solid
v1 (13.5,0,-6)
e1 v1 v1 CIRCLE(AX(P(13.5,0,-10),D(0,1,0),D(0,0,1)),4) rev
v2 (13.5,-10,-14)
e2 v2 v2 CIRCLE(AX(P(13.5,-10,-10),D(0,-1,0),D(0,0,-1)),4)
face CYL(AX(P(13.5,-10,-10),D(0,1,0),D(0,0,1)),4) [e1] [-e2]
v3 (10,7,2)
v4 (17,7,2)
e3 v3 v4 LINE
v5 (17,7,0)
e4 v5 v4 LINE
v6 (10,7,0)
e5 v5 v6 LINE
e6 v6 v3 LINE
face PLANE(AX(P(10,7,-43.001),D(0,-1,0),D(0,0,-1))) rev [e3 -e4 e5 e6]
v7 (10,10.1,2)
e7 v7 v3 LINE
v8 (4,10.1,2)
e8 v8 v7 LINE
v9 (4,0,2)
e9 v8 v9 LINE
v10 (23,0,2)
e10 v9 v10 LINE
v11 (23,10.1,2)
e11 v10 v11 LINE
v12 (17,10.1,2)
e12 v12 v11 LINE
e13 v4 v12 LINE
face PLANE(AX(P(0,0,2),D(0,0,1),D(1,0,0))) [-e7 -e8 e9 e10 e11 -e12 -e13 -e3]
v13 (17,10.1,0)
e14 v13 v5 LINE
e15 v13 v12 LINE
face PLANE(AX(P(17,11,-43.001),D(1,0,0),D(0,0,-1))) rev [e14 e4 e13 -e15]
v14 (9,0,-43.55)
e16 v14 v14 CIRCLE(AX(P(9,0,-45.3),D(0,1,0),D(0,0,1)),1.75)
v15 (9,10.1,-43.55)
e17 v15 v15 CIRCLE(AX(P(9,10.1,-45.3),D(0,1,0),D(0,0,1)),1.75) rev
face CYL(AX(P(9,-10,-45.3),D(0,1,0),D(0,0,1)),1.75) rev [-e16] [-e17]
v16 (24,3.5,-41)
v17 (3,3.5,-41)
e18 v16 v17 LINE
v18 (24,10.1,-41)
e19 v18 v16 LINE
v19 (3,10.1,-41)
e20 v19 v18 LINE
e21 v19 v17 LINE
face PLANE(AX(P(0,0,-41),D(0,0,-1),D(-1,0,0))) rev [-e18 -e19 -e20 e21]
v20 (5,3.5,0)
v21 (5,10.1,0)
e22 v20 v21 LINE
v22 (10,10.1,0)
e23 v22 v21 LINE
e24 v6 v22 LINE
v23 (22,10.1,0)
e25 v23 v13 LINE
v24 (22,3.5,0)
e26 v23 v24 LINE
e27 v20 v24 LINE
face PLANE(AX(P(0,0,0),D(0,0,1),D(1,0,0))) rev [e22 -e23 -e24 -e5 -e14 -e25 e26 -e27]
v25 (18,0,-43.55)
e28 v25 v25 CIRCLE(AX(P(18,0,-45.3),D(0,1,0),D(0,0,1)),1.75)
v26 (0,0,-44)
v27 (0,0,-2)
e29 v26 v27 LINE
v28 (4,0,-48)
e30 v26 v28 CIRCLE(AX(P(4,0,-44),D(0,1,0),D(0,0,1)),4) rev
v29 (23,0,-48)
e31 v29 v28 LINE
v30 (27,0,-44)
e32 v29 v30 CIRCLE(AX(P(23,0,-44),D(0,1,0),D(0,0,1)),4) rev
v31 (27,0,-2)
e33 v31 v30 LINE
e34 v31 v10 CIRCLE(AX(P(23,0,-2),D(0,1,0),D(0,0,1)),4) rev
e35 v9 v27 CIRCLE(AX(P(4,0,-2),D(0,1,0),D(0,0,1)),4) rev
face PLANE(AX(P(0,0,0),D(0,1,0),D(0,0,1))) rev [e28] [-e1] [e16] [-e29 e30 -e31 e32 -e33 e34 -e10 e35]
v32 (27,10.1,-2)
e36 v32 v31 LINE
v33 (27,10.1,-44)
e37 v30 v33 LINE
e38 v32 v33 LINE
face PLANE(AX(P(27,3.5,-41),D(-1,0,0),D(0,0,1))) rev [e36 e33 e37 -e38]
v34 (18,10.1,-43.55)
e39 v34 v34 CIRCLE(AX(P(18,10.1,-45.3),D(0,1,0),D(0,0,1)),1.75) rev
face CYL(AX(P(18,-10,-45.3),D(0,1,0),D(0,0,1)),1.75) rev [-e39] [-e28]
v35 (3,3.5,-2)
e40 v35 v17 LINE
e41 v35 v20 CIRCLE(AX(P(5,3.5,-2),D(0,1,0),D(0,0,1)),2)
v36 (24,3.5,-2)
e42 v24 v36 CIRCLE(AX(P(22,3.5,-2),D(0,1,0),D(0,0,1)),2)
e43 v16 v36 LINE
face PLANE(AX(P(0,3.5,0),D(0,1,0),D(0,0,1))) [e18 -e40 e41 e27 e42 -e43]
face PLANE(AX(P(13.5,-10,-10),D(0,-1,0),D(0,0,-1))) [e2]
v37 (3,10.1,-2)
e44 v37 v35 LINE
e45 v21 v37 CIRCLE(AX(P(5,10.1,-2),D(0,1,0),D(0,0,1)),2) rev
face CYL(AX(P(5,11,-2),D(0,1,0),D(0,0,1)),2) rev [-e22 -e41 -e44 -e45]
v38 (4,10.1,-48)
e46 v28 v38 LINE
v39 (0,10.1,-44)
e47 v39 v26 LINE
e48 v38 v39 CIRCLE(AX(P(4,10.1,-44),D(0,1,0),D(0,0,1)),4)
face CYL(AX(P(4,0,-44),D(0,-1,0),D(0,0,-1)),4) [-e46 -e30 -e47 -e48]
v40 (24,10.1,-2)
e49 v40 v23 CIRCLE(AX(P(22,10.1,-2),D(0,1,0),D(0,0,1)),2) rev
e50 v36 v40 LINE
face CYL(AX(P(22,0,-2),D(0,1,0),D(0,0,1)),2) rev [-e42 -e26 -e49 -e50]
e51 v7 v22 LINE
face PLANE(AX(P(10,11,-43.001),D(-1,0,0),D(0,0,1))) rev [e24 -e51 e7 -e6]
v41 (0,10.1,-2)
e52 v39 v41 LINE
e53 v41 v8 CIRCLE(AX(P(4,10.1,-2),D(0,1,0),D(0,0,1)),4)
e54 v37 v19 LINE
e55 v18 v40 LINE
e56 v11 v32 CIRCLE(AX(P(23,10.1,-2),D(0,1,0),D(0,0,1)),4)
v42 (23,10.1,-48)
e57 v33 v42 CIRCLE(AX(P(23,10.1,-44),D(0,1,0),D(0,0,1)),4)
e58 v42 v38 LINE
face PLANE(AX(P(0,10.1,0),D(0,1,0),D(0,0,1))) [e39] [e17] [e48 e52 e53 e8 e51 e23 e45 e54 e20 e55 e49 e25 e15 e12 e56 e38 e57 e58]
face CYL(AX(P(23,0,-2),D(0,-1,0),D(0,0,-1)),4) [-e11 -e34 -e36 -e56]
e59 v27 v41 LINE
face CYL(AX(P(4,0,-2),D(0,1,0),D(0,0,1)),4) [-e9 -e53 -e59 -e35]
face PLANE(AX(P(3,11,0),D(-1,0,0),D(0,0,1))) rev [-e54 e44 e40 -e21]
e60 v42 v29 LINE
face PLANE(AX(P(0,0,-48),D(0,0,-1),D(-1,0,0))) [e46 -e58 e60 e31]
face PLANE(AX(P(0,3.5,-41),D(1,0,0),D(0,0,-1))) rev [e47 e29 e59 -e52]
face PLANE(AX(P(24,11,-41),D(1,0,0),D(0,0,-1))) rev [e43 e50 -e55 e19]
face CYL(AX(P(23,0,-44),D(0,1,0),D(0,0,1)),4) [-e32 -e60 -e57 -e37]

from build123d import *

# Parameters (mm, degrees)
SKETCH1_W           = 27
SKETCH1_H           = 41
BOSS_EXTRUDE1_DEPTH = 3.5
SKETCH2_W           = 3
SKETCH2_H           = 41
BOSS_EXTRUDE2_DEPTH = 7.5
SKETCH3_R           = 4
BOSS_EXTRUDE3_DEPTH = 10
SKETCH4_W           = 27
SKETCH4_H           = 11
BOSS_EXTRUDE4_DEPTH = 2
SKETCH5_W           = 27
SKETCH5_H           = 11
BOSS_EXTRUDE5_DEPTH = 2
CUT_EXTRUDE1_REACH  = 55.619
SKETCH6_W           = 7
SKETCH6_H           = 4
SKETCH7_W           = 27
SKETCH7_H           = 11
BOSS_EXTRUDE6_DEPTH = 5
SKETCH8_R           = 1.75
CUT_EXTRUDE2_DEPTH  = 59.940648113
SKETCH9_W           = 27
SKETCH9_H           = 50
CUT_EXTRUDE3_DEPTH  = 0.9
FILLET1_R           = 4
FILLET2_R           = 2


with BuildPart() as part:
    # Sketch1 → Boss-Extrude1 (new body)
    with BuildSketch(Plane(origin=(0, 0, 0), x_dir=(1, 0, 0), z_dir=(0, 1, 0))):
        with Locations((13.5, 20.5)):
            Rectangle(SKETCH1_W, SKETCH1_H)
    extrude(amount=BOSS_EXTRUDE1_DEPTH)

    # Sketch2 → Boss-Extrude2 (add)
    with BuildSketch(Plane(origin=(0, 3.5, 0), x_dir=(1, 0, 0), z_dir=(0, 1, 0))):
        with Locations((1.5, 20.5)):
            Rectangle(SKETCH2_W, SKETCH2_H)
        with Locations((25.5, 20.5)):
            Rectangle(SKETCH2_W, SKETCH2_H)
    extrude(amount=BOSS_EXTRUDE2_DEPTH)

    # Sketch3 → Boss-Extrude3 (add)
    with BuildSketch(Plane(origin=(0, 0, 0), x_dir=(-1, 0, 0), z_dir=(0, -1, 0))):
        with Locations(Location((-13.5, 10, 0), (0, 0, 270))):
            Circle(SKETCH3_R)
    extrude(amount=BOSS_EXTRUDE3_DEPTH)

    # Sketch4 → Boss-Extrude4 (add)
    with BuildSketch(Plane(origin=(0, 0, -41), x_dir=(-1, 0, 0), z_dir=(0, 0, -1))):
        with Locations((-13.5, 5.5)):
            Rectangle(SKETCH4_W, SKETCH4_H)
    extrude(amount=BOSS_EXTRUDE4_DEPTH)

    # Sketch5 → Boss-Extrude5 (add)
    with BuildSketch(Plane.XY):
        with Locations((13.5, 5.5)):
            Rectangle(SKETCH5_W, SKETCH5_H)
    extrude(amount=BOSS_EXTRUDE5_DEPTH)

    # Sketch6 → Cut-Extrude1 (cut, up to next)
    with BuildSketch(Plane.XY.offset(2), mode=Mode.PRIVATE) as cut_extrude1_sk1:
        with Locations((13.5, 9)):
            Rectangle(SKETCH6_W, SKETCH6_H)
    cut_extrude1_tool1 = extrude(cut_extrude1_sk1.sketch, amount=-CUT_EXTRUDE1_REACH, mode=Mode.PRIVATE) & part.part
    add(cut_extrude1_tool1.solids().sort_by_distance((13.5, 9, 2))[0], mode=Mode.SUBTRACT)

    # Sketch7 → Boss-Extrude6 (add)
    with BuildSketch(Plane(origin=(0, 0, -43), x_dir=(-1, 0, 0), z_dir=(0, 0, -1))):
        with Locations((-13.5, 5.5)):
            Rectangle(SKETCH7_W, SKETCH7_H)
    extrude(amount=BOSS_EXTRUDE6_DEPTH)

    # Sketch8 → Cut-Extrude2 (cut, through all)
    with BuildSketch(Plane(origin=(0, 11, 0), x_dir=(1, 0, 0), z_dir=(0, 1, 0))):
        with Locations(Location((18, 45.3, 0), (0, 0, 270))):
            Circle(SKETCH8_R)
        with Locations(Location((9, 45.3, 0), (0, 0, 270))):
            Circle(SKETCH8_R)
    extrude(amount=-CUT_EXTRUDE2_DEPTH, mode=Mode.SUBTRACT)

    # Sketch9 → Cut-Extrude3 (cut)
    with BuildSketch(Plane(origin=(0, 11, 0), x_dir=(1, 0, 0), z_dir=(0, 1, 0))):
        with Locations((13.5, 23)):
            Rectangle(SKETCH9_W, SKETCH9_H)
    extrude(amount=-CUT_EXTRUDE3_DEPTH, mode=Mode.SUBTRACT)

    # Fillet1
    fillet1_edges = [part.edges().sort_by_distance(p)[0] for p in [
        (27, 5.05, -48),
        (0, 5.05, 2),
        (27, 5.05, 2),
        (0, 5.05, -48),
    ]]
    fillet(fillet1_edges, radius=FILLET1_R)

    # Fillet2
    fillet2_edges = [part.edges().sort_by_distance(p)[0] for p in [
        (24, 6.8, 0),
        (3, 6.8, 0),
    ]]
    fillet(fillet2_edges, radius=FILLET2_R)


solid = part.part
